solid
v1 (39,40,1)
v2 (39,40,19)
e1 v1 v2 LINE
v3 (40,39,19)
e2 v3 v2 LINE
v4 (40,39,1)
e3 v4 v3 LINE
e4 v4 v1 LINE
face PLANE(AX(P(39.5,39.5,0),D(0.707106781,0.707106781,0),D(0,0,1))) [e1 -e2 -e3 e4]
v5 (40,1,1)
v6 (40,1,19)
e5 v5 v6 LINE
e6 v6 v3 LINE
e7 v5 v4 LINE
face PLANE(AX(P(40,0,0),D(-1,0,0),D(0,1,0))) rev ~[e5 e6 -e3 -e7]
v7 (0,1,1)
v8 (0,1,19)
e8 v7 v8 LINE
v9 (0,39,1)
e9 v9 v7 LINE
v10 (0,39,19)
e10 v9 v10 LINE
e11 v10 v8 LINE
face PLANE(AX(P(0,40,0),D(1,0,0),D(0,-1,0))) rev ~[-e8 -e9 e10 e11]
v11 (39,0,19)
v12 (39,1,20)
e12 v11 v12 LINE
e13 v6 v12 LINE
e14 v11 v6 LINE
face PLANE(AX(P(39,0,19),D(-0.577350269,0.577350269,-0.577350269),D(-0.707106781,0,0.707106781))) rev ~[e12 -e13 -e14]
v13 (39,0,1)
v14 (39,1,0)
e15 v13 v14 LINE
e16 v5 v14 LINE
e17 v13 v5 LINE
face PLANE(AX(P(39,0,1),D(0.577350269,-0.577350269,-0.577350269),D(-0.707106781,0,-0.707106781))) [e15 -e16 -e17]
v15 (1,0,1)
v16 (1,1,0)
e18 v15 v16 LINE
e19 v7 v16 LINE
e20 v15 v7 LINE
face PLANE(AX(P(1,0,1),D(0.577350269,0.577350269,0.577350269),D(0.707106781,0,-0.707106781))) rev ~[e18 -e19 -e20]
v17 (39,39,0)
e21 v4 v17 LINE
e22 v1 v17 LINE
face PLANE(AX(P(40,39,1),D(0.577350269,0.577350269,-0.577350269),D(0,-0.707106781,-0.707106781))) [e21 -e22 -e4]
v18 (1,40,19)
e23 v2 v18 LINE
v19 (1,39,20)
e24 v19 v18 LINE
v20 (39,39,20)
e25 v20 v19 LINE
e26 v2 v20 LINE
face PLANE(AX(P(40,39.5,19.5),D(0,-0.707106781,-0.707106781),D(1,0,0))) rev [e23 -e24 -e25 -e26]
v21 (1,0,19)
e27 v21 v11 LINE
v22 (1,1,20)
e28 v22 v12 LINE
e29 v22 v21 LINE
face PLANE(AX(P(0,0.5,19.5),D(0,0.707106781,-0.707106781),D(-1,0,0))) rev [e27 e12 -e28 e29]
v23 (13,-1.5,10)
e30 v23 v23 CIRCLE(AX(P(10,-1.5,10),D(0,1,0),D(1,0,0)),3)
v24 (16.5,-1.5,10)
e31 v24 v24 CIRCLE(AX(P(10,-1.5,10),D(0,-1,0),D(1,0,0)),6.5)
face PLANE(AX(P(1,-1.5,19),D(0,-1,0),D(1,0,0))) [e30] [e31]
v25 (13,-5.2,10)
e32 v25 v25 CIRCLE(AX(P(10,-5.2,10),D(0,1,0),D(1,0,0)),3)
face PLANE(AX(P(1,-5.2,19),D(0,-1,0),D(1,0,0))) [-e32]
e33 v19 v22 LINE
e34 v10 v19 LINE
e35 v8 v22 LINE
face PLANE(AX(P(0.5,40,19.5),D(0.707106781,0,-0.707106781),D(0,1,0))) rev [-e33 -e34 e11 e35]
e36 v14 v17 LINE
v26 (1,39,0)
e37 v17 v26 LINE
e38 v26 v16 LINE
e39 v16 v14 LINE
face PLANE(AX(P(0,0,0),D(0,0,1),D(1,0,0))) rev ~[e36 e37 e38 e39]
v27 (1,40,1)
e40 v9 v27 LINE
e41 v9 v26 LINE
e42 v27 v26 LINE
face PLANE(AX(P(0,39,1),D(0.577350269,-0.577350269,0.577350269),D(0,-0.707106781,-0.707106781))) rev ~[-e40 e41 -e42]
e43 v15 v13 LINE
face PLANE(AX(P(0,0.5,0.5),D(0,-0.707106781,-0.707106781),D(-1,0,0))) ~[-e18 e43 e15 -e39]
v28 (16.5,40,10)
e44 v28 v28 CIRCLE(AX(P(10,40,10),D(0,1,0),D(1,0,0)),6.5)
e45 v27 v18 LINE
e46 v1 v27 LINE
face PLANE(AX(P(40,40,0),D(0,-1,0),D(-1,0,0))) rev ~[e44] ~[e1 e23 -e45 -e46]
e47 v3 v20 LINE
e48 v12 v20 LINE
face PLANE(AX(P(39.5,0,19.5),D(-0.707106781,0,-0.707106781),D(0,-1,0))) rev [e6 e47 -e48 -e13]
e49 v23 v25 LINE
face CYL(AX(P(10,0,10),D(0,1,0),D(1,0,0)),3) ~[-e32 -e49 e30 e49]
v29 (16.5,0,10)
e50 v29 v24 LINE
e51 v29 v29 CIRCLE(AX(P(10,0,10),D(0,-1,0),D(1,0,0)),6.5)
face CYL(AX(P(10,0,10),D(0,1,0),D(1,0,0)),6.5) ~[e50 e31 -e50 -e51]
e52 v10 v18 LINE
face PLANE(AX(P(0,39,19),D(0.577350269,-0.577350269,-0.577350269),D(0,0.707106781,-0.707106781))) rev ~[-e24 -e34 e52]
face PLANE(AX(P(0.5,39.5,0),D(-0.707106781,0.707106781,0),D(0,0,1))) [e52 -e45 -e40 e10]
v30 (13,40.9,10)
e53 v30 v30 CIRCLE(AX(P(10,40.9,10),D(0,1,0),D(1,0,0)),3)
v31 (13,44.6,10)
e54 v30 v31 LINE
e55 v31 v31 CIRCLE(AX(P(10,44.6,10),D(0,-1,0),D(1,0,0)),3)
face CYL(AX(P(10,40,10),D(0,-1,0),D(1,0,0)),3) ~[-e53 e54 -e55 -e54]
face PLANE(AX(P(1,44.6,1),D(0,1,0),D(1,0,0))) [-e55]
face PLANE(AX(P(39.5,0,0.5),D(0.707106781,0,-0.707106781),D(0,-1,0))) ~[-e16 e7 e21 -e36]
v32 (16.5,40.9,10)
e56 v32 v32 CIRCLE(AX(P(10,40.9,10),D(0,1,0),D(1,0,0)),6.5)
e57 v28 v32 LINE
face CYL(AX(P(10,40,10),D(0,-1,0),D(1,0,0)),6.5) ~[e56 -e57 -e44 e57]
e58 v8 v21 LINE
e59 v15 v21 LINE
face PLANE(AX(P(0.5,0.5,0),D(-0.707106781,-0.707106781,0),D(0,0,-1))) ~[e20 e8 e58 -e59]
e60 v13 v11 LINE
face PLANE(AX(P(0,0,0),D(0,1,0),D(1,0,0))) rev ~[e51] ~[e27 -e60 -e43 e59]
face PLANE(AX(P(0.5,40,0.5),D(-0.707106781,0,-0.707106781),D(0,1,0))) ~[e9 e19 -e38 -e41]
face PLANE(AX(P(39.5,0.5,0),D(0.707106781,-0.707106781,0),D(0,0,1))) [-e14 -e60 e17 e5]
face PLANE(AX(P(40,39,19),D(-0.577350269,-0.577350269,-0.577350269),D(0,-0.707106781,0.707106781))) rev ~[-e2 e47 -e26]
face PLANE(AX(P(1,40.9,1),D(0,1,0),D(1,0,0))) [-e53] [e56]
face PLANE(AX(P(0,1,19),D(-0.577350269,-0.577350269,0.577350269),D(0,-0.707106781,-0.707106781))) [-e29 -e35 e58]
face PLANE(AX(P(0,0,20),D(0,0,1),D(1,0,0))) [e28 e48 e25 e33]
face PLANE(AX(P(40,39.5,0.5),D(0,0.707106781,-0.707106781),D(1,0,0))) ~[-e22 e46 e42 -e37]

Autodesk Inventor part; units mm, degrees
ref_plane "YZ Plane" through (0, 0, 0) normal (1, 0, 0) x (0, 1, 0)
ref_plane "XZ Plane" through (0, 0, 0) normal (0, 1, 0) x (-1, 0, 0)
ref_plane "XY Plane" through (0, 0, 0) normal (0, 0, 1) x (1, 0, 0)
sketch "Sketch1" plane through (0, 0, 0) normal (0, 0, 1) x (1, 0, 0)
  line L0 (0, 0) -> (40, 0)
  line L1 (40, 0) -> (40, 40)
  line L2 (40, 40) -> (0, 40)
  line L3 (0, 40) -> (0, 0)
  dimension "d0" = 40
  dimension "d1" = 40
extrude "Extrusion1" add sketch "Sketch1" along normal blind 20
chamfer "Chamfer1" distance 1 angle 45 12 edges at (20, 40, 20) (20, 40, 0) (40, 40, 10) (40, 20, 20) (40, 20, 0) (40, 0, 10) (20, 0, 20) (0, 20, 20) (0, 40, 10) (0, 20, 0) (0, 0, 10) (20, 0, 0)
sketch "Sketch2" plane through (1, 40, 1) normal (0, 1, 0) x (1, 0, 0)
  line L0 (-1, -18) -> (-1, 0) projected
  line L1 (-1, -9) -> (9, -9)
  circle A0 centre (9, -9) radius 3
  point P0 (-1, 1)
  dimension "d7" = 10
  dimension "d8" = 6
extrude "Extrusion2" add sketch "Sketch2" along normal blind 4.6
sketch "Sketch3" plane through (1, 40, 1) normal (0, 1, 0) x (1, 0, 0)
  circle A0 centre (9, -9) radius 3 projected
  circle A1 centre (9, -9) radius 6.5
  point P0 (-1, 1)
  dimension "d11" = 13
extrude "Extrusion3" add sketch "Sketch3" along normal blind 0.9
sketch "Sketch5" plane through (1, 0, 19) normal (0, -1, 0) x (1, 0, 0)
  line L0 (-1, 0) -> (-1, -18) projected
  line L1 (-1, -9) -> (9, -9)
  circle A0 centre (9, -9) radius 3
  point P0 (-1, -19)
  dimension "d14" = 10
extrude "Extrusion4" add sketch "Sketch5" along normal blind 5.2
sketch "Sketch6" plane through (1, 0, 19) normal (0, -1, 0) x (1, 0, 0)
  circle A0 centre (9, -9) radius 3 projected
  circle A1 centre (9, -9) radius 6.5
  point P0 (-1, -19)
  dimension "d17" = 13
extrude "Extrusion5" add sketch "Sketch6" along normal blind 1.5 contours A0 | A1
properties part number "DualServo"
